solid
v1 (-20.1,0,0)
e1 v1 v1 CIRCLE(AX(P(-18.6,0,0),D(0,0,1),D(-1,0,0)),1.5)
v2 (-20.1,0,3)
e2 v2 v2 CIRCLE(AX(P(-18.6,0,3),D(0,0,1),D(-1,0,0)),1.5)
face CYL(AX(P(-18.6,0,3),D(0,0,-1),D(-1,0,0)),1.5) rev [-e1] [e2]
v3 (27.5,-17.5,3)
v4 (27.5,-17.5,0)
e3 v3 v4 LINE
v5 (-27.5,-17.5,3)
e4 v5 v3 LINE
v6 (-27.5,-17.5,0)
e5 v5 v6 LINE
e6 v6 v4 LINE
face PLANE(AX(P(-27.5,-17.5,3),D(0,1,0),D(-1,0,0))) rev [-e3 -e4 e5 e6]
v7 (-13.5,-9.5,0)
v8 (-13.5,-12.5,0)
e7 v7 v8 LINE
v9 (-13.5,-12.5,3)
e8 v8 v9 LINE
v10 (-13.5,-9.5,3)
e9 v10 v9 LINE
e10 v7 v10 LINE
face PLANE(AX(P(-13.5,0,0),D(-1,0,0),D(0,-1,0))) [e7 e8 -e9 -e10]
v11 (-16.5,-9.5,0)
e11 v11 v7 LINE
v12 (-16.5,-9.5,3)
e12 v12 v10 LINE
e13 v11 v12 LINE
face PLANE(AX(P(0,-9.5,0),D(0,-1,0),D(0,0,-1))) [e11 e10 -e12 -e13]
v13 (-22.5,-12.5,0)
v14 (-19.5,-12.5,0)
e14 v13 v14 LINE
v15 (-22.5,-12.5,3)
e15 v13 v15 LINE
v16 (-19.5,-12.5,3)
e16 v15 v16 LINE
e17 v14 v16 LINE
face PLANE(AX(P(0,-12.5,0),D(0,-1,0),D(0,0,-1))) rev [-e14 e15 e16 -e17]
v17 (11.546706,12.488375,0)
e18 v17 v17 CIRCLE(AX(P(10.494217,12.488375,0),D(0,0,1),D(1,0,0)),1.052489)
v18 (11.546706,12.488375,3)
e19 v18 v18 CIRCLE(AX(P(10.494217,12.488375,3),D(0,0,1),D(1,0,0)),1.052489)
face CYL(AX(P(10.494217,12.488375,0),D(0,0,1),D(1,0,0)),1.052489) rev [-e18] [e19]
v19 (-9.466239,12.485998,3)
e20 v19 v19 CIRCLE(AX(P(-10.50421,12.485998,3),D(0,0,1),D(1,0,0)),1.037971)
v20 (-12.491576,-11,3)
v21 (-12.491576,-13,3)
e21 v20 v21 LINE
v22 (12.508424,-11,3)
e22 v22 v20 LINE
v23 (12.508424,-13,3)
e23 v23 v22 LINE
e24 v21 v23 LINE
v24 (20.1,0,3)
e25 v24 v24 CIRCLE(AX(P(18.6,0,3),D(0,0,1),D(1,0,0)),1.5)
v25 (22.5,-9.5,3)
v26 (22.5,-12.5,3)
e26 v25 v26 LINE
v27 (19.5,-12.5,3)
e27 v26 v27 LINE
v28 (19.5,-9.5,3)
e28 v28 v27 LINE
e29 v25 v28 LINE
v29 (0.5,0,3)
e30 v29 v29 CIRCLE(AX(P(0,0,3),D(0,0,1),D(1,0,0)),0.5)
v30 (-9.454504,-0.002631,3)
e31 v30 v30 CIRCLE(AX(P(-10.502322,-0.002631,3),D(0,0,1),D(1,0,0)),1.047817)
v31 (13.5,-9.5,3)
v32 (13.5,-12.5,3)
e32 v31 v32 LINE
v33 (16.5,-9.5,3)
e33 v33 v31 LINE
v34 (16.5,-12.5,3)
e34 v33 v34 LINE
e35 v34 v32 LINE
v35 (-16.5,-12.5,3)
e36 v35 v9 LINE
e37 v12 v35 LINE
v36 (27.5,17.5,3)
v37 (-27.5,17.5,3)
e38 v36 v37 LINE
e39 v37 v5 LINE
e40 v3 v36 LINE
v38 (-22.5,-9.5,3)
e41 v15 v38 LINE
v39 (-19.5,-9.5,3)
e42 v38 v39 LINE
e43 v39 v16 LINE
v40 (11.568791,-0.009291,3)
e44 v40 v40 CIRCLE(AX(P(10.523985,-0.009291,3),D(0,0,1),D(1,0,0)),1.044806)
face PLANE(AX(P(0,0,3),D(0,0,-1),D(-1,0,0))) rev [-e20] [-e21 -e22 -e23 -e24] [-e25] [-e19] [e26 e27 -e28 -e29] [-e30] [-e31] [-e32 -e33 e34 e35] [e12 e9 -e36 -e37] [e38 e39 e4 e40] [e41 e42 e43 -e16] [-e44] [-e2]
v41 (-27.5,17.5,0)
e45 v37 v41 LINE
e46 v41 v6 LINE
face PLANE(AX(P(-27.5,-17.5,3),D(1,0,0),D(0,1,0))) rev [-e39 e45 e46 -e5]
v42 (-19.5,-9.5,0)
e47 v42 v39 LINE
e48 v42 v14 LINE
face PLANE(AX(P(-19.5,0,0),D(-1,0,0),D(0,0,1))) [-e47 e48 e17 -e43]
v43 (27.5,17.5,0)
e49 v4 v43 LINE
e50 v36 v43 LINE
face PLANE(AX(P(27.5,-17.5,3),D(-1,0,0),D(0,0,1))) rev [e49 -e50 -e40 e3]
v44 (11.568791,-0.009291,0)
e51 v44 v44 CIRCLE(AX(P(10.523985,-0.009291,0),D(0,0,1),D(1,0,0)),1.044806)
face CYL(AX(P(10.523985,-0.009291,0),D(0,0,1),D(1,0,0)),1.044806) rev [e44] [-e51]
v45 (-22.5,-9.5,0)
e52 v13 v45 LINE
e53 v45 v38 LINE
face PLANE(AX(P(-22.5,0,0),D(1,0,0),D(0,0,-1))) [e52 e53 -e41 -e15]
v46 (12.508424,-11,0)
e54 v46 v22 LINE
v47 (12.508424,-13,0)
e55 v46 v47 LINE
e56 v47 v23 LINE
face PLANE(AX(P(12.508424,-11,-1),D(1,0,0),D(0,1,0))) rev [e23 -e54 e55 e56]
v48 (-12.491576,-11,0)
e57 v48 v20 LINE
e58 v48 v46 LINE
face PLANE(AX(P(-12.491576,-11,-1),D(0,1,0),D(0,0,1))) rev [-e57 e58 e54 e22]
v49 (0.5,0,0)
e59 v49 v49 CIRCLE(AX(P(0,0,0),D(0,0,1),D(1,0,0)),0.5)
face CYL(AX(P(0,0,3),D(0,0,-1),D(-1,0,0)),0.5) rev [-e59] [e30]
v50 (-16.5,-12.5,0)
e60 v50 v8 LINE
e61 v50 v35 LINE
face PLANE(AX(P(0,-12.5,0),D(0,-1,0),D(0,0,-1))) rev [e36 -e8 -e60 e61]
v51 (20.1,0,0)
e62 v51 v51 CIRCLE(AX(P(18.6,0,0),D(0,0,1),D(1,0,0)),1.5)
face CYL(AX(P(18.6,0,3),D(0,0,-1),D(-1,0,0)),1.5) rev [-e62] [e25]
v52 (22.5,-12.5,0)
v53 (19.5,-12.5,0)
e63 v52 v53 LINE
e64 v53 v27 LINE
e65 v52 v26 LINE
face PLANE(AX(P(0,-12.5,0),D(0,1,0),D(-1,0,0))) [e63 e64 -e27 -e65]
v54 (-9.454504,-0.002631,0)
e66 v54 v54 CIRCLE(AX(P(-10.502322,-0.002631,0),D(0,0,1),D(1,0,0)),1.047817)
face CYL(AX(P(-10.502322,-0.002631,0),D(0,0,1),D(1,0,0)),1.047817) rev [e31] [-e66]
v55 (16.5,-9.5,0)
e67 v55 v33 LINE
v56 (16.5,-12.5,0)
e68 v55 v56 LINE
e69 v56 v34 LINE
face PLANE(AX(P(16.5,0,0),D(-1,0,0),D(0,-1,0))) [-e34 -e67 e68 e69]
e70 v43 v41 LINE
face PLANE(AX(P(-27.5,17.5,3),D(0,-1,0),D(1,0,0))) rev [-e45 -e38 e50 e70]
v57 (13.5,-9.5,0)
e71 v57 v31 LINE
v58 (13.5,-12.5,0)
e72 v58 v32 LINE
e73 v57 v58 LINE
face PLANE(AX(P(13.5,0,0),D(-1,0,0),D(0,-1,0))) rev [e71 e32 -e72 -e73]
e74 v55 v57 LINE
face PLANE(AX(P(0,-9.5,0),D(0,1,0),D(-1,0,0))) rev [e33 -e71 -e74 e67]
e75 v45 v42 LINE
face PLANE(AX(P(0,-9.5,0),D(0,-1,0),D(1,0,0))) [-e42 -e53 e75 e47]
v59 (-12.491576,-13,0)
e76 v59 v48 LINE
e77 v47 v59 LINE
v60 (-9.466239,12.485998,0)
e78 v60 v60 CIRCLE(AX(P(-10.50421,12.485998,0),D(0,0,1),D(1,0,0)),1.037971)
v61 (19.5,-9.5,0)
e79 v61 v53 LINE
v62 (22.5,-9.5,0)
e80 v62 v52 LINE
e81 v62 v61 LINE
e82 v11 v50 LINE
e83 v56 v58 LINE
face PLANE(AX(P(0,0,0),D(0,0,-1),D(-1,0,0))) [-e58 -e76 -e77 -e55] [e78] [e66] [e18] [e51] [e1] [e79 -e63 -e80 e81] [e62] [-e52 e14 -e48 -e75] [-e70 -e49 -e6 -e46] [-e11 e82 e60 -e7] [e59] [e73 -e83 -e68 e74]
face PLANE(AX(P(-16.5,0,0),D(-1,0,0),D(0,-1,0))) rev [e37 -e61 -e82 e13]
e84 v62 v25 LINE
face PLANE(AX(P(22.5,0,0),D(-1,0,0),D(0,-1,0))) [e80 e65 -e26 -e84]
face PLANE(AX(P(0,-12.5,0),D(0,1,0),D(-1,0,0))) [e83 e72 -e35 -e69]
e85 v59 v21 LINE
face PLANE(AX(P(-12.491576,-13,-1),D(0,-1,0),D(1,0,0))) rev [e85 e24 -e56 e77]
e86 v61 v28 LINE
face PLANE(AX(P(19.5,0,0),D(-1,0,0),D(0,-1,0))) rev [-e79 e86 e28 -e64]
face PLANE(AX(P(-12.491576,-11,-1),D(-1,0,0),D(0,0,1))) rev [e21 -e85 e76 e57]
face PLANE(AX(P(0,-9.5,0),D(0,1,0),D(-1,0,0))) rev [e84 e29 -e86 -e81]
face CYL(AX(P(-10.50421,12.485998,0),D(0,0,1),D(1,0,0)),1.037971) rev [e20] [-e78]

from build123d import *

# Parameters (mm, degrees)
SKETCH1_W           = 55
SKETCH1_H           = 35
SKETCH1_R           = 1.5
SKETCH1_R_2         = 0.5
BOSS_EXTRUDE1_DEPTH = 3
SKETCH2_W           = 25
SKETCH2_H           = 2
CUT_EXTRUDE1_DEPTH  = 4
SKETCH3_W           = 3
SKETCH3_H           = 3
CUT_EXTRUDE2_DEPTH  = 3
SKETCH4_R           = 1.047817358
SKETCH4_R_2         = 1.044805948
CUT_EXTRUDE3_DEPTH  = 3
SKETCH5_R           = 1.037971053
SKETCH5_R_2         = 1.052489193
CUT_EXTRUDE4_DEPTH  = 3


with BuildPart() as part:
    # Sketch1 → Boss-Extrude1 (new body)
    with BuildSketch(Plane.XY):
        Rectangle(SKETCH1_W, SKETCH1_H)
        with Locations((18.6, 0)):
            Circle(SKETCH1_R, mode=Mode.SUBTRACT)
        with Locations(Location((-18.6, 0, 0), (0, 0, 180))):
            Circle(SKETCH1_R, mode=Mode.SUBTRACT)
        Circle(SKETCH1_R_2, mode=Mode.SUBTRACT)
    extrude(amount=BOSS_EXTRUDE1_DEPTH)

    # Sketch2 → Cut-Extrude1 (cut)
    with BuildSketch(Plane.XY.offset(3)):
        with Locations((0.008423928, -12)):
            Rectangle(SKETCH2_W, SKETCH2_H)
    extrude(amount=-CUT_EXTRUDE1_DEPTH, mode=Mode.SUBTRACT)

    # Sketch3 → Cut-Extrude2 (cut)
    with BuildSketch(Plane.XY.offset(3)):
        with Locations((-21, -11)):
            Rectangle(SKETCH3_W, SKETCH3_H)
        with Locations((-15, -11)):
            Rectangle(SKETCH3_W, SKETCH3_H)
        with Locations((15, -11)):
            Rectangle(SKETCH3_W, SKETCH3_H)
        with Locations((21, -11)):
            Rectangle(SKETCH3_W, SKETCH3_H)
    extrude(amount=-CUT_EXTRUDE2_DEPTH, mode=Mode.SUBTRACT)

    # Sketch4 → Cut-Extrude3 (cut)
    with BuildSketch(Plane.XY.offset(3)):
        with Locations((-10.502321648, -0.002631042)):
            Circle(SKETCH4_R)
        with Locations((10.523984619, -0.009290749)):
            Circle(SKETCH4_R_2)
    extrude(amount=-CUT_EXTRUDE3_DEPTH, mode=Mode.SUBTRACT)

    # Sketch5 → Cut-Extrude4 (cut)
    with BuildSketch(Plane.XY.offset(3)):
        with Locations((-10.504210452, 12.485998178)):
            Circle(SKETCH5_R)
        with Locations((10.494217, 12.488375227)):
            Circle(SKETCH5_R_2)
    extrude(amount=-CUT_EXTRUDE4_DEPTH, mode=Mode.SUBTRACT)


solid = part.part
